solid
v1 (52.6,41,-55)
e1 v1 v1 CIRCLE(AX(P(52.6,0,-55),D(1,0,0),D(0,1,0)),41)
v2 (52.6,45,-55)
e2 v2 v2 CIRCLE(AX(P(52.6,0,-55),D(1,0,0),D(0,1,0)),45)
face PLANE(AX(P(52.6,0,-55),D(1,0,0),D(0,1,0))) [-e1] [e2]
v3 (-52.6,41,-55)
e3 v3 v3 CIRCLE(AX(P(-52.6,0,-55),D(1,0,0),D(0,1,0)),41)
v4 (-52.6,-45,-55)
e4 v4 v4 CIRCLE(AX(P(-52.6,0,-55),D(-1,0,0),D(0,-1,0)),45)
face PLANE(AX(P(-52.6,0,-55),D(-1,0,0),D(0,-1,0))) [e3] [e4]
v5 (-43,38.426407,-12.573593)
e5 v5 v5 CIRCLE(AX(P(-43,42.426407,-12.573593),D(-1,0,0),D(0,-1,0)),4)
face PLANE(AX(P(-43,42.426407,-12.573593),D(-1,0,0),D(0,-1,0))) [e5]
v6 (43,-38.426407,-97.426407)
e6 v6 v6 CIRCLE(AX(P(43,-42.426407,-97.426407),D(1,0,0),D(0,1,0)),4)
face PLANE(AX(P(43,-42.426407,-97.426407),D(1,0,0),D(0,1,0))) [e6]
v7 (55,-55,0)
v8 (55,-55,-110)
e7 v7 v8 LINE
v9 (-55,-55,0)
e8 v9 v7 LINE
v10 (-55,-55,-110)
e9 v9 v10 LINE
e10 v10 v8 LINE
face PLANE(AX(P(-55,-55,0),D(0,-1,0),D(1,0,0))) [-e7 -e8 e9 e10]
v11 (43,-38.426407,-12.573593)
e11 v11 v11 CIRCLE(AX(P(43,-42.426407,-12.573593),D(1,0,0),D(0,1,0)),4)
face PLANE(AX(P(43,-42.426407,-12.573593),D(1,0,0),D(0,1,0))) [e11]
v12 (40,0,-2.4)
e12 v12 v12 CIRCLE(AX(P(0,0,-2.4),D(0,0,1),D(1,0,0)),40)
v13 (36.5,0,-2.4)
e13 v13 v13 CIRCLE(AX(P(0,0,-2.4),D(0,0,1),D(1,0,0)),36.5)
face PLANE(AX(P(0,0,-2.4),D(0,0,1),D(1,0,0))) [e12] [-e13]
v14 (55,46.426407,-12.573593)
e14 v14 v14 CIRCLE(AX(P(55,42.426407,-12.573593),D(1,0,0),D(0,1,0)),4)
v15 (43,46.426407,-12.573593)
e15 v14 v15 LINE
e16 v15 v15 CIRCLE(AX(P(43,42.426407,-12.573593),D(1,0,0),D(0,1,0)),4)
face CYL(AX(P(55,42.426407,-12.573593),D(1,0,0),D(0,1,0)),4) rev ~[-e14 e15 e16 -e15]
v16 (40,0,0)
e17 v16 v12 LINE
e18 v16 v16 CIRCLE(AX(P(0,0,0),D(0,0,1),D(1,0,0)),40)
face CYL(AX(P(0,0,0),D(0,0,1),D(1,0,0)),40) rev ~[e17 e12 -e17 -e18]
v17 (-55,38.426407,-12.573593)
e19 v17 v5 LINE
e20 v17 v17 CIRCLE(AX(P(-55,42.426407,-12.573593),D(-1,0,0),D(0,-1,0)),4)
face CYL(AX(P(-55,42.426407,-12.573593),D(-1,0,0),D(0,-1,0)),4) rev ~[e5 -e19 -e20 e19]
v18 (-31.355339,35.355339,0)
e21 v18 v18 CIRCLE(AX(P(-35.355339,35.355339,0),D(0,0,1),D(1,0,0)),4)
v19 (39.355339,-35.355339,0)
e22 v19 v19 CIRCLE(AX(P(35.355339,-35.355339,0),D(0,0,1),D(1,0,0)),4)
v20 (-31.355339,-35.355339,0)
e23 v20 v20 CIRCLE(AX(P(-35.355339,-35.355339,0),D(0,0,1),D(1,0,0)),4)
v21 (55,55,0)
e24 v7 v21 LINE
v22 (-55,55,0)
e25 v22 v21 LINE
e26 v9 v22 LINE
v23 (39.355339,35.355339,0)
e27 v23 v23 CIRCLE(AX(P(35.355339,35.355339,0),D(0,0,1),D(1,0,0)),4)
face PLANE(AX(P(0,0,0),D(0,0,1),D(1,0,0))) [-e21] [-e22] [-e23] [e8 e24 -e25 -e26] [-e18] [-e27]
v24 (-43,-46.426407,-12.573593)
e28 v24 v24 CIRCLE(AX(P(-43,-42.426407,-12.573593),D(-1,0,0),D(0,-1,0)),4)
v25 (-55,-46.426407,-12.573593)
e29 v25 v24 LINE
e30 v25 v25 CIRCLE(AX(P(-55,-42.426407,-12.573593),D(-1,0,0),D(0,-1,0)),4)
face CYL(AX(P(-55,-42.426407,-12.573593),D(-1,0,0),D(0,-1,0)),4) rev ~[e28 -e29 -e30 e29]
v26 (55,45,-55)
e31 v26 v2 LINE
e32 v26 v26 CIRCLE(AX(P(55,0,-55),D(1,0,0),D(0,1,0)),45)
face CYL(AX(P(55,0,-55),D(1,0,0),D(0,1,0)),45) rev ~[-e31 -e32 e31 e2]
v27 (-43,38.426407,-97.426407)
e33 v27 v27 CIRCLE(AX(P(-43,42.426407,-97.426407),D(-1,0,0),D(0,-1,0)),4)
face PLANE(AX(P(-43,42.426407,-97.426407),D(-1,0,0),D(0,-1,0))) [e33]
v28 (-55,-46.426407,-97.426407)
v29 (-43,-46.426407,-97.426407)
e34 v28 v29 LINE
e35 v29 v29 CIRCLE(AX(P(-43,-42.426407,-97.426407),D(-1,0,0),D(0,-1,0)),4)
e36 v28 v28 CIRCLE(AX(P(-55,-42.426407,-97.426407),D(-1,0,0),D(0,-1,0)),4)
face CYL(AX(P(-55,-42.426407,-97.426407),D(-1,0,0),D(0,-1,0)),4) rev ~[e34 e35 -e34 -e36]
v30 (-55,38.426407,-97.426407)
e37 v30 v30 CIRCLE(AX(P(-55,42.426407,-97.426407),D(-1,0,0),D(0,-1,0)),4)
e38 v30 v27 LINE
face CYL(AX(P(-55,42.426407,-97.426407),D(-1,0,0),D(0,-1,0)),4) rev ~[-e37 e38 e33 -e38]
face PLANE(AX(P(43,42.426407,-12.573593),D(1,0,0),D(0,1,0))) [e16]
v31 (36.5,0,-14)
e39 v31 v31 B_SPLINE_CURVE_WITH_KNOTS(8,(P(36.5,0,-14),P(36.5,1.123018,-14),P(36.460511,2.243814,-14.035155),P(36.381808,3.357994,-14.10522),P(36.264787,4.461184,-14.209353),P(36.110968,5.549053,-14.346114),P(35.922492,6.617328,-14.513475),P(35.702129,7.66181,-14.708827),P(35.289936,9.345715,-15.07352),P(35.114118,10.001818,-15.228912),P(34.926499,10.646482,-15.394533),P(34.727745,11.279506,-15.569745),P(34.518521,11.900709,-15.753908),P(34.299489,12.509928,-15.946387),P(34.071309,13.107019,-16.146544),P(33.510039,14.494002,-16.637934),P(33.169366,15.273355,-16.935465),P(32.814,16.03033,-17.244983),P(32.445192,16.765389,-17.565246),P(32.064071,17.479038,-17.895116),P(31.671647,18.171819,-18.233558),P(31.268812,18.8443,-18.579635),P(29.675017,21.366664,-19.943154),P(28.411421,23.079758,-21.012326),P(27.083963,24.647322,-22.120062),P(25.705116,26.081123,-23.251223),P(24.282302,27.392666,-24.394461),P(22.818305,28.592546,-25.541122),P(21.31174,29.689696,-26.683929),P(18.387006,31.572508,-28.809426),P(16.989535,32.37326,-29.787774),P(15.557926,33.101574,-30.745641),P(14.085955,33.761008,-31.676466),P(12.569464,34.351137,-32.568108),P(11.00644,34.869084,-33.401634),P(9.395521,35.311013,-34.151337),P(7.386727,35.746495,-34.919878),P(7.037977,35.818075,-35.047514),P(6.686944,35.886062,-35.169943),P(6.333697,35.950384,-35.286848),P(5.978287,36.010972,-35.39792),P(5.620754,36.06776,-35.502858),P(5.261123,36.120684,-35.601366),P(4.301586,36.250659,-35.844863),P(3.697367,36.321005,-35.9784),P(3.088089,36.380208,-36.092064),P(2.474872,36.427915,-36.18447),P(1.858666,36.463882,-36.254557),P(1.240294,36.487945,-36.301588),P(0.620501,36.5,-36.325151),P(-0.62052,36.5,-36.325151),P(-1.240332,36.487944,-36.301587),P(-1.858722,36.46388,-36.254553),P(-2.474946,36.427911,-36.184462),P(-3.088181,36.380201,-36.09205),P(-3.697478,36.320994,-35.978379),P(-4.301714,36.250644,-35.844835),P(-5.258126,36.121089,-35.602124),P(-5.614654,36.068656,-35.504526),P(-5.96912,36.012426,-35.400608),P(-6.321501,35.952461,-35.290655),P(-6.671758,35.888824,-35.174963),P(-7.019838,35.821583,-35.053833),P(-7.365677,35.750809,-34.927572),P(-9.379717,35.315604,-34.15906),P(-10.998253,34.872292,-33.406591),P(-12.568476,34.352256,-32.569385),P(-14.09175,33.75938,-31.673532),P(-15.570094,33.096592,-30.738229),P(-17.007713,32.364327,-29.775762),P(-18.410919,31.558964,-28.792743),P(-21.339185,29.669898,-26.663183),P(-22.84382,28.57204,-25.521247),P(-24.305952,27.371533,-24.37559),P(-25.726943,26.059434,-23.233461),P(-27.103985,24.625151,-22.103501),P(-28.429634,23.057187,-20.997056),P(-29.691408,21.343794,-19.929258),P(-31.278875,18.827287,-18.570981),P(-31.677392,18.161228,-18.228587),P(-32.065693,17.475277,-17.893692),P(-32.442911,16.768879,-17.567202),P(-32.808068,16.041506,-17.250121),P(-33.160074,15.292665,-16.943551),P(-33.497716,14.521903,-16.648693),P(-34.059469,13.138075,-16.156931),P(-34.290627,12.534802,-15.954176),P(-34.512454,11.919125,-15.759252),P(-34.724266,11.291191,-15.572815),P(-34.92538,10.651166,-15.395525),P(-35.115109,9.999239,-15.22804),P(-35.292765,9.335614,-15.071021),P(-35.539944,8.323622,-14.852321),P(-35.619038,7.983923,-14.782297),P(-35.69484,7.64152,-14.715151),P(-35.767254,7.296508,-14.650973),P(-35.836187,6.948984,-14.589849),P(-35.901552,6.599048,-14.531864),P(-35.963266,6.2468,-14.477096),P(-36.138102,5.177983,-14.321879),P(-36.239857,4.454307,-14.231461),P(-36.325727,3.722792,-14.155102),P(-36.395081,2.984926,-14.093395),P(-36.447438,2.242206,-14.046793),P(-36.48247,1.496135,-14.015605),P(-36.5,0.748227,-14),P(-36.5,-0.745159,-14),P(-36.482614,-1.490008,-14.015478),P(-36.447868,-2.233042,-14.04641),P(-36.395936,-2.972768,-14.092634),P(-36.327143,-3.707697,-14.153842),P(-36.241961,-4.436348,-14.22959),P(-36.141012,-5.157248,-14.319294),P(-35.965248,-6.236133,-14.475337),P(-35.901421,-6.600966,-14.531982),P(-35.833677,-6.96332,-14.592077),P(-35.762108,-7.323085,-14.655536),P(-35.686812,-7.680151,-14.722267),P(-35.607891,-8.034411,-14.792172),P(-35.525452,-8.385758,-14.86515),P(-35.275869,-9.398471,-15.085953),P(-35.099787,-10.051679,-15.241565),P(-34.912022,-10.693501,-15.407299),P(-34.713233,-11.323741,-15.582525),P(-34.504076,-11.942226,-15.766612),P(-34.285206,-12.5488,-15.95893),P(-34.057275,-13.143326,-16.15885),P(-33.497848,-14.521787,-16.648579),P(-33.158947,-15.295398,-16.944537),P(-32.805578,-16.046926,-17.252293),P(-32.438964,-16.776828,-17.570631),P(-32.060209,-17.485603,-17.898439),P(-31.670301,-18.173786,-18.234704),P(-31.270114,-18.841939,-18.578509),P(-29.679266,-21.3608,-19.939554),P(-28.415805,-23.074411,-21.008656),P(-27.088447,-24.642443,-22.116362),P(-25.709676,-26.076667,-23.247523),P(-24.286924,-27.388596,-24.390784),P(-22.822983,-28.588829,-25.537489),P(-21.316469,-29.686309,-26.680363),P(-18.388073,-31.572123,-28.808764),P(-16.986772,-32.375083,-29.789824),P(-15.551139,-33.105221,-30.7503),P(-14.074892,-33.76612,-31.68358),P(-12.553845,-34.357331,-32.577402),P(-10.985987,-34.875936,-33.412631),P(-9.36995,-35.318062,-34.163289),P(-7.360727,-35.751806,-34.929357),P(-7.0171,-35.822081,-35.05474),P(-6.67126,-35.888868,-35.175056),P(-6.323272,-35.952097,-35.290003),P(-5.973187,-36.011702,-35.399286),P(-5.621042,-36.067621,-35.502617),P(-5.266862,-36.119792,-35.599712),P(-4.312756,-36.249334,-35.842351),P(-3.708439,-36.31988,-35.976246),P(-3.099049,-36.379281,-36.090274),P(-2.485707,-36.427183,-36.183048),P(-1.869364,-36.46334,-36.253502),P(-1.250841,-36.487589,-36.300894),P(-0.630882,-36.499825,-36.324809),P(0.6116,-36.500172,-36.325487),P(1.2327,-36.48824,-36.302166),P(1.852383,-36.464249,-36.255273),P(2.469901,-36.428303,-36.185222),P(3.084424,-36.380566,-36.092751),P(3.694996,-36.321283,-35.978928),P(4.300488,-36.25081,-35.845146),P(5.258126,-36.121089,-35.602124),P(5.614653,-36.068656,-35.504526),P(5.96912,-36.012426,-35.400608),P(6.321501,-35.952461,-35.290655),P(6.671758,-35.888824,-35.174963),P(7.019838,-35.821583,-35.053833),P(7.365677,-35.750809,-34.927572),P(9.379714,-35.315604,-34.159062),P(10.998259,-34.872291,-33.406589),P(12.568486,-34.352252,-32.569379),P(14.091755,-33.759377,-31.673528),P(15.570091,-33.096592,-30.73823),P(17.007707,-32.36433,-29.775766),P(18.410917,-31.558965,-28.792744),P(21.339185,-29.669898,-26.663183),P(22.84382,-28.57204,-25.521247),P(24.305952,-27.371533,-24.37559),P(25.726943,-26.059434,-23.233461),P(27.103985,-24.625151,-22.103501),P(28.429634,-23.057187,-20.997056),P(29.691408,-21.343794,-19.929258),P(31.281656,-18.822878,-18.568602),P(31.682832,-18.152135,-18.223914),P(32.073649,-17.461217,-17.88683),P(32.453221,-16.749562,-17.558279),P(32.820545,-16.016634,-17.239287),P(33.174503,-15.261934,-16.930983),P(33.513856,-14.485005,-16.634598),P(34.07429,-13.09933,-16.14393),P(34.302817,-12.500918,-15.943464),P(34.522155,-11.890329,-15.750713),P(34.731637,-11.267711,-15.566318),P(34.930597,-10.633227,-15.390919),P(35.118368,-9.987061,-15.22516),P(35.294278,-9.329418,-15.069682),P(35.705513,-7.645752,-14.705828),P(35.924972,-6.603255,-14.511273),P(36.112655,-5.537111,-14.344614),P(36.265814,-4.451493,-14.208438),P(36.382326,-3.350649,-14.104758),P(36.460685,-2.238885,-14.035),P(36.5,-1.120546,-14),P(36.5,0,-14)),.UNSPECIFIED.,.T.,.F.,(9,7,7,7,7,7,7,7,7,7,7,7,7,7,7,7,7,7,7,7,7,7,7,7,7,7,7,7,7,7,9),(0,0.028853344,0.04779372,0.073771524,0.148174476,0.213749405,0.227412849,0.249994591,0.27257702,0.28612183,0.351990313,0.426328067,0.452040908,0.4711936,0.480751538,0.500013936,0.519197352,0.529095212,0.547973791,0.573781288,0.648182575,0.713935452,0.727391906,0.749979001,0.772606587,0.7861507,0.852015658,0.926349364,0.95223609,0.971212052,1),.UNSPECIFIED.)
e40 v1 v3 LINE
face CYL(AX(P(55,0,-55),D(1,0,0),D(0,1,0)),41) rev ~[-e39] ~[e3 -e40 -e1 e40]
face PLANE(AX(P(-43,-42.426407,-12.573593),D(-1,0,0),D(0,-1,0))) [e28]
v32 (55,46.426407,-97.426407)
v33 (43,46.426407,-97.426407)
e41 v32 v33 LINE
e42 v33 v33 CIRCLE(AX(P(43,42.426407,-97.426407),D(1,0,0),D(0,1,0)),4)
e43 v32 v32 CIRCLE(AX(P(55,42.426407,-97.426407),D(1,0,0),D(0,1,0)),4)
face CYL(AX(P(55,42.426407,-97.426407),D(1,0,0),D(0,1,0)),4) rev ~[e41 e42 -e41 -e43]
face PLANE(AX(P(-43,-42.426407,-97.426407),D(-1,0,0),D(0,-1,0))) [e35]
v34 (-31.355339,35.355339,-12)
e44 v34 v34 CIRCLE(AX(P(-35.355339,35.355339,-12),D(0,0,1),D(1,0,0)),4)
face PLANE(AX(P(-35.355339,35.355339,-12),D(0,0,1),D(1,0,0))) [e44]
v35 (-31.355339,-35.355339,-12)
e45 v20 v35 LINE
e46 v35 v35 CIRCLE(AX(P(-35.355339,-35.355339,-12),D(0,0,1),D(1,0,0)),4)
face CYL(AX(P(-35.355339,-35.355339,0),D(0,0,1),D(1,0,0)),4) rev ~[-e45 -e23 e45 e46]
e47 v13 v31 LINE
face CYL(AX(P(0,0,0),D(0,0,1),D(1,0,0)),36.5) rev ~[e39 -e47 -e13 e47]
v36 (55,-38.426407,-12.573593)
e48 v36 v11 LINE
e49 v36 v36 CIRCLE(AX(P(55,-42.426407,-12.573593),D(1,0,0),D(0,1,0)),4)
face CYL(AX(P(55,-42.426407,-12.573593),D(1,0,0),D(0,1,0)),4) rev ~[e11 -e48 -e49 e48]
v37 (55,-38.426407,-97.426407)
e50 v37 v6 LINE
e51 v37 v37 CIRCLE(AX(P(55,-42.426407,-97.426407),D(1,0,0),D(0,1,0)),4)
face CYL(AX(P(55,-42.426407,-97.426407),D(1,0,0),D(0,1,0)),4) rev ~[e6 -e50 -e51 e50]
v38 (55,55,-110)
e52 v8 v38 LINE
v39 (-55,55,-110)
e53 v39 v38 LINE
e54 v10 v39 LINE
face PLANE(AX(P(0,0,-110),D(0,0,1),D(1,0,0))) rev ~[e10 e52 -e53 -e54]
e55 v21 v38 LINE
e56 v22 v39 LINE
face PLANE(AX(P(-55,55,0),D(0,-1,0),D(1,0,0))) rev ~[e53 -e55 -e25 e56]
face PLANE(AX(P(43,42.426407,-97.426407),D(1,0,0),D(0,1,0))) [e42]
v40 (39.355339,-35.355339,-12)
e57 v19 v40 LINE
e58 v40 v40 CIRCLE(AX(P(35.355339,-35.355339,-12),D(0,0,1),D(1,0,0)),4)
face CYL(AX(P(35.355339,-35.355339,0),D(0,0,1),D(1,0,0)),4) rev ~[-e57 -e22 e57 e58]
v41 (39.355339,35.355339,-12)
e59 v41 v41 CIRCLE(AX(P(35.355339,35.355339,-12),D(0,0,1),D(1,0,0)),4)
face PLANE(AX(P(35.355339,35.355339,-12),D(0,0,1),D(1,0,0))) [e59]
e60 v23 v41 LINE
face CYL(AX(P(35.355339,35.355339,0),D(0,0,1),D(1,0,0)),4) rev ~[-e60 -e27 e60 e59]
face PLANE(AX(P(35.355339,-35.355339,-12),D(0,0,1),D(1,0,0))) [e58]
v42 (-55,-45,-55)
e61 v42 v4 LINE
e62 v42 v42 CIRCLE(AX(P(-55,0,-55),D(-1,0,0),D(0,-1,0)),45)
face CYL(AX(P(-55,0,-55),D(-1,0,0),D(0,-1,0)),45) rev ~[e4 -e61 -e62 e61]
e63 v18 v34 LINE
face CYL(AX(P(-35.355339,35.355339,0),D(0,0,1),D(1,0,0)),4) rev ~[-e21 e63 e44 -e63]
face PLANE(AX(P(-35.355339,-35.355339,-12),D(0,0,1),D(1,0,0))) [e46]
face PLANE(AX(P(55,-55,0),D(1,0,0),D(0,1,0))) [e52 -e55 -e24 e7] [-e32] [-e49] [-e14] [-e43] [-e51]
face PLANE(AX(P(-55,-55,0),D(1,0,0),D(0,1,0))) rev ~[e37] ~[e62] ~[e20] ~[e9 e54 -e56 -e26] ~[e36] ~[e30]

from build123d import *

# Parameters (mm, degrees)
F0_W      = 110
F0_H      = 110
F0_R      = 4
F0_R_2    = 40
F0_R_3    = 36.5
F1_DEPTH  = 110
F2_DEPTH  = 2.4
F3_DEPTH  = 36.5
F4_DEPTH  = 12
F5_R      = 41
F6_DEPTH  = 110.001
F5_R_2    = 45
F7_DEPTH  = 2.4
F5_R_3    = 4
F8_DEPTH  = 12
F9_R      = 45
F9_R_2    = 41
F10_DEPTH = 2.4
F9_R_3    = 4
F11_DEPTH = 12


with BuildPart() as f1:
    # F0 (on Top) → F1 (new body)
    with BuildSketch(Plane.XY):
        Rectangle(F0_W, F0_H)
        with Locations((-35.3553390593, -35.3553390593)):
            Circle(F0_R, mode=Mode.SUBTRACT)
        with Locations((35.3553390593, -35.3553390593)):
            Circle(F0_R, mode=Mode.SUBTRACT)
        with Locations((-35.3553390593, 35.3553390593)):
            Circle(F0_R, mode=Mode.SUBTRACT)
        Circle(F0_R_2, mode=Mode.SUBTRACT)
        with Locations((35.3553390593, 35.3553390593)):
            Circle(F0_R, mode=Mode.SUBTRACT)
        Circle(F0_R_2)
        Circle(F0_R_3, mode=Mode.SUBTRACT)
        Circle(F0_R_3)
        with Locations((35.3553390593, -35.3553390593)):
            Circle(F0_R)
        with Locations((-35.3553390593, -35.3553390593)):
            Circle(F0_R)
        with Locations((-35.3553390593, 35.3553390593)):
            Circle(F0_R)
        with Locations((35.3553390593, 35.3553390593)):
            Circle(F0_R)
    extrude(amount=-F1_DEPTH)

    # F0 (on Top) → F2 (cut)
    with BuildSketch(Plane.XY):
        Circle(F0_R_2)
        Circle(F0_R_3, mode=Mode.SUBTRACT)
    extrude(amount=-F2_DEPTH, mode=Mode.SUBTRACT)

    # F0 (on Top) → F3 (cut)
    with BuildSketch(Plane.XY):
        Circle(F0_R_3)
    extrude(amount=-F3_DEPTH, mode=Mode.SUBTRACT)

    # F0 (on Top) → F4 (cut)
    with BuildSketch(Plane.XY):
        with Locations((35.3553390593, 35.3553390593)):
            Circle(F0_R)
        with Locations((-35.3553390593, 35.3553390593)):
            Circle(F0_R)
        with Locations((-35.3553390593, -35.3553390593)):
            Circle(F0_R)
        with Locations((35.3553390593, -35.3553390593)):
            Circle(F0_R)
    extrude(amount=-F4_DEPTH, mode=Mode.SUBTRACT)

    # F5 (on face) → F6 (cut, through all)
    with BuildSketch(Plane.YZ.offset(55)):
        with Locations((0, -55)):
            Circle(F5_R)
    extrude(amount=-F6_DEPTH, mode=Mode.SUBTRACT)

    # F5 (on face) → F7 (cut)
    with BuildSketch(Plane.YZ.offset(55)):
        with Locations((0, -55)):
            Circle(F5_R_2)
        with Locations((0, -55)):
            Circle(F5_R, mode=Mode.SUBTRACT)
    extrude(amount=-F7_DEPTH, mode=Mode.SUBTRACT)

    # F5 (on face) → F8 (cut)
    with BuildSketch(Plane.YZ.offset(55)):
        with Locations((42.4264068712, -12.5735931288)):
            Circle(F5_R_3)
        with Locations((-42.4264068712, -12.5735931288)):
            Circle(F5_R_3)
        with Locations((-42.4264068712, -97.4264068712)):
            Circle(F5_R_3)
        with Locations((42.4264068712, -97.4264068712)):
            Circle(F5_R_3)
    extrude(amount=-F8_DEPTH, mode=Mode.SUBTRACT)

    # F9 (on face) → F10 (cut)
    with BuildSketch(Plane(origin=(-55, 0, 0), x_dir=(0, -1, 0), z_dir=(-1, 0, 0))):
        with Locations((0, -55)):
            Circle(F9_R)
        with Locations((0, -55)):
            Circle(F9_R_2, mode=Mode.SUBTRACT)
    extrude(amount=-F10_DEPTH, mode=Mode.SUBTRACT)

    # F9 (on face) → F11 (cut)
    with BuildSketch(Plane(origin=(-55, 0, 0), x_dir=(0, -1, 0), z_dir=(-1, 0, 0))):
        with Locations((-42.4264068712, -12.5735931288)):
            Circle(F9_R_3)
        with Locations((42.4264068712, -12.5735931288)):
            Circle(F9_R_3)
        with Locations((42.4264068712, -97.4264068712)):
            Circle(F9_R_3)
        with Locations((-42.4264068712, -97.4264068712)):
            Circle(F9_R_3)
    extrude(amount=-F11_DEPTH, mode=Mode.SUBTRACT)


solid = f1.part
